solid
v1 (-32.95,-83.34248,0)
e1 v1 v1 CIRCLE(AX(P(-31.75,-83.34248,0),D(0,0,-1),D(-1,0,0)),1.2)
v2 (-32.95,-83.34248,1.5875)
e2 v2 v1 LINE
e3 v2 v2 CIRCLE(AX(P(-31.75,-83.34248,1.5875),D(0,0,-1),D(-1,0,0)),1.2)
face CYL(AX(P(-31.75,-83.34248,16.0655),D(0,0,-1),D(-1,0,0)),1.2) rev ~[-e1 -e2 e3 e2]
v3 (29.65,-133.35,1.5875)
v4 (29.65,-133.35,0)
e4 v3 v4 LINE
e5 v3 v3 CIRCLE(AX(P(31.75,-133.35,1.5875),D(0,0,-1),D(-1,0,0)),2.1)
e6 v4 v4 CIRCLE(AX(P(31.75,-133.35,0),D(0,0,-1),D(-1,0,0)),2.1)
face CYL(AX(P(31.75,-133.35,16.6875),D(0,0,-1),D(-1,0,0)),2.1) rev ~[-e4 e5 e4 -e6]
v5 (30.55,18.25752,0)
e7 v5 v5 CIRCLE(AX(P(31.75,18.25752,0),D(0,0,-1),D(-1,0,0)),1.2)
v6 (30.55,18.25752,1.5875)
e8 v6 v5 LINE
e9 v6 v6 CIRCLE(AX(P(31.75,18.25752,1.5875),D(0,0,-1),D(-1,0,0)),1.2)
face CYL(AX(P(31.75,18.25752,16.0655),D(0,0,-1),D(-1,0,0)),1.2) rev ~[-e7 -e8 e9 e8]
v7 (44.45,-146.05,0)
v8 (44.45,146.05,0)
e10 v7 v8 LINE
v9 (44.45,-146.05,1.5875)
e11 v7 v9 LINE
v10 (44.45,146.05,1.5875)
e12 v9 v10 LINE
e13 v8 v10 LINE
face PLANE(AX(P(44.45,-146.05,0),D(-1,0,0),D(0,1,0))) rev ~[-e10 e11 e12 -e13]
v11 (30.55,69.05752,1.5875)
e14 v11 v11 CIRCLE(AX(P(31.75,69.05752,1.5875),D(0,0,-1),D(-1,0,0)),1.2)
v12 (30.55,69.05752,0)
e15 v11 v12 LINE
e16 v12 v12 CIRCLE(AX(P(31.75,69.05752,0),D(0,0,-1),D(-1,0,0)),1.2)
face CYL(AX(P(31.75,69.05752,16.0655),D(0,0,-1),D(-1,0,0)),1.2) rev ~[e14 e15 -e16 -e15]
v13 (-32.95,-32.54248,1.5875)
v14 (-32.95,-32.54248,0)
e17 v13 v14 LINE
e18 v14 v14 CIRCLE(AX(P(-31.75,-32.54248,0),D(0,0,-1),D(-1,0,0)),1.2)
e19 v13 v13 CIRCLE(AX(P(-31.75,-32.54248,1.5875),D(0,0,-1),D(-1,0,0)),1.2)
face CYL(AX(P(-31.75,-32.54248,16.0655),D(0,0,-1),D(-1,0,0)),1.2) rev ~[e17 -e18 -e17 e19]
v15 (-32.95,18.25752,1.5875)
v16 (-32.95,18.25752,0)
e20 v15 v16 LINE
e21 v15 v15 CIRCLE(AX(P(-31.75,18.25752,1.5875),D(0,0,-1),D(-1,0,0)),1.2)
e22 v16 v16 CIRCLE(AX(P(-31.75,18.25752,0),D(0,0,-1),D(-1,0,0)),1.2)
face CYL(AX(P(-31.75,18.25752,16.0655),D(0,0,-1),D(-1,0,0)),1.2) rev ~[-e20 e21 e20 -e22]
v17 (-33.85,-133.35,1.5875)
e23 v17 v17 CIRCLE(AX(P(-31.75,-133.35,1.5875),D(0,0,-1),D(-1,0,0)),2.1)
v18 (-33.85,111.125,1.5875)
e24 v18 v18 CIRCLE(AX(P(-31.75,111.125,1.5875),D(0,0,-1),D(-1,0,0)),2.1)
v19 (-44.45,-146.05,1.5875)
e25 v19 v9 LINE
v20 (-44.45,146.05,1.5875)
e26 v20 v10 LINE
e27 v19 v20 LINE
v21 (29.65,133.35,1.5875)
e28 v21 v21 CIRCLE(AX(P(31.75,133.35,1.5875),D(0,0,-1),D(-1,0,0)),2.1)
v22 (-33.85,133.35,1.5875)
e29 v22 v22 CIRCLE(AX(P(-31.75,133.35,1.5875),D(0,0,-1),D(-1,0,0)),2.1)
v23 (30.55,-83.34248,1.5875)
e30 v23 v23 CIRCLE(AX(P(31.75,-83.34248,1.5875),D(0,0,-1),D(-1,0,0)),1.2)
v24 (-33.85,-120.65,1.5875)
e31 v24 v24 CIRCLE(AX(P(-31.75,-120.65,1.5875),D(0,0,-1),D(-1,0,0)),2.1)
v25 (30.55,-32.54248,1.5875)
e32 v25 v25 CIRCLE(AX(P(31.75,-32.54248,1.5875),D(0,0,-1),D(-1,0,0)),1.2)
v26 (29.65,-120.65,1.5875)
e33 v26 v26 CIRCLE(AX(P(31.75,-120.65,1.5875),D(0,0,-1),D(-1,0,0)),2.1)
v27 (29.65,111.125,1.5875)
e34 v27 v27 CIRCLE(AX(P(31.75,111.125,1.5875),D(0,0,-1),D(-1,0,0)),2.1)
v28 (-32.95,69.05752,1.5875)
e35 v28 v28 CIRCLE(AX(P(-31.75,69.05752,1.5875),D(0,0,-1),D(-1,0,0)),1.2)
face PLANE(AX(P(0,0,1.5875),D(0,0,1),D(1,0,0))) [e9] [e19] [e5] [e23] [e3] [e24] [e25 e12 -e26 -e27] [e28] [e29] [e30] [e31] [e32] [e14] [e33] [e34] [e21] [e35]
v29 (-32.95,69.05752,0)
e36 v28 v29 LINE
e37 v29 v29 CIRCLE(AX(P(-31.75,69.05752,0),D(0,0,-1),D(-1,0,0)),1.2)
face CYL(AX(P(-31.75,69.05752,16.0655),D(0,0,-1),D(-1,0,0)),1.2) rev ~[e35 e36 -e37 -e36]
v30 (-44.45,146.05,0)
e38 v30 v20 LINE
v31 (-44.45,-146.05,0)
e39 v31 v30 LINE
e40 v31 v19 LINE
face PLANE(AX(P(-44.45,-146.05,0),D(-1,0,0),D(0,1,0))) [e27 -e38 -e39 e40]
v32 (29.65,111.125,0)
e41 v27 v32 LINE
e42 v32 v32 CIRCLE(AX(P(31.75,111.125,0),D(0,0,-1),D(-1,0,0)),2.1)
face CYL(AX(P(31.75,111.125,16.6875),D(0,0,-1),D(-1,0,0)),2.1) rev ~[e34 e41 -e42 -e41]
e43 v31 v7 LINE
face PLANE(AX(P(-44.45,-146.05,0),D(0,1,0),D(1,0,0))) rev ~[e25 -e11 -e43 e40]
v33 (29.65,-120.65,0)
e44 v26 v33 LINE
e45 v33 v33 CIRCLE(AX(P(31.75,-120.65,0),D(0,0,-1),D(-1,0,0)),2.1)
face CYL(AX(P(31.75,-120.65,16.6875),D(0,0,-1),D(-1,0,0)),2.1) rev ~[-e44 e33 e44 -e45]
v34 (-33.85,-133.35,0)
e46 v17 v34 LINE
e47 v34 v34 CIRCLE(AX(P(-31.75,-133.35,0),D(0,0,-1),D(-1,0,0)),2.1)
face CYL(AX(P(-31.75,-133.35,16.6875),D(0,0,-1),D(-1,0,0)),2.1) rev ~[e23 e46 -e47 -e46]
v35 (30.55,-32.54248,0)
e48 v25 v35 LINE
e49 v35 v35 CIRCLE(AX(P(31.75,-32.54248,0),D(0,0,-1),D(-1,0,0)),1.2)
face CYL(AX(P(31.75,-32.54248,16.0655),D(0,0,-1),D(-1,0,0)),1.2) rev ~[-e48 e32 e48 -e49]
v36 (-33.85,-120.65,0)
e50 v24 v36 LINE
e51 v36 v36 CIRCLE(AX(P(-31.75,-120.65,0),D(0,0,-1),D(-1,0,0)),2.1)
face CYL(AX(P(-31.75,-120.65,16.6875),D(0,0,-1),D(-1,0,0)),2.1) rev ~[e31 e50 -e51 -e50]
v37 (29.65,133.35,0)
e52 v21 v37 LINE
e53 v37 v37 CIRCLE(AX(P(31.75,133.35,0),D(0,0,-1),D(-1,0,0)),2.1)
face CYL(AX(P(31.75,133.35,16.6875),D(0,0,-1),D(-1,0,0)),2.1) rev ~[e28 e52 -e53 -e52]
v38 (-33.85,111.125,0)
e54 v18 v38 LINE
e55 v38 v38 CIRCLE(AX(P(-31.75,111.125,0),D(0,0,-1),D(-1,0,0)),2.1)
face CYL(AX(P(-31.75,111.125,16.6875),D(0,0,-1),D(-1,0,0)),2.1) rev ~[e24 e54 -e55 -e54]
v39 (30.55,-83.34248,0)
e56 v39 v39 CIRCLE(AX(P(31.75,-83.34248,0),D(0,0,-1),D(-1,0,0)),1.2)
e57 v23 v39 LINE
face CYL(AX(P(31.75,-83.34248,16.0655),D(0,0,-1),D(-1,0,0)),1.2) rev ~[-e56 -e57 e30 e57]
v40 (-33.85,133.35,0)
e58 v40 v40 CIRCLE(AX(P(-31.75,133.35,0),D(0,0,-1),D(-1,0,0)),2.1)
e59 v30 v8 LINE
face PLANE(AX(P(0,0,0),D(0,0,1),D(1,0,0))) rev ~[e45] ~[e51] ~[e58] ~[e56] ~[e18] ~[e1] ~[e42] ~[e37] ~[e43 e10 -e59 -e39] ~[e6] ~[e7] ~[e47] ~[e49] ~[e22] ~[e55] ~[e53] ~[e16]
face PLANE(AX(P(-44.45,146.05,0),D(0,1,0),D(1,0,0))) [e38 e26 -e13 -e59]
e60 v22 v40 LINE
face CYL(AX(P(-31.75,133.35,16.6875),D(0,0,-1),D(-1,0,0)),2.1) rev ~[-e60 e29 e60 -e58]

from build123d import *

# Parameters (mm, degrees)
F0_W     = 88.9
F0_H     = 292.1
F1_DEPTH = 1.5875
F3_D     = 4.2
F3_DEPTH = 15.1
F3_TIP   = 1.2618073
F5_D     = 2.4
F5_DEPTH = 14.478
F5_TIP   = 0.7210327428


with BuildPart() as f1:
    # F0 (on Top) → F1 (new body)
    with BuildSketch(Plane.XY):
        Rectangle(F0_W, F0_H)
    extrude(amount=F1_DEPTH)

    # F3
    with Locations(Plane.XY.offset(1.5875)):
        with Locations((-31.75, 133.35), (-31.75, 111.125), (31.75, 111.125), (31.75, 133.35), (-31.75, -120.65), (-31.75, -133.35), (31.75, -133.35), (31.75, -120.65)):
            Hole(F3_D / 2, depth=F3_DEPTH)
            with Locations((0, 0, -(F3_DEPTH + F3_TIP / 2))):  # 118° drill point
                Cone(0, F3_D / 2, F3_TIP, mode=Mode.SUBTRACT)

    # F5
    with Locations(Plane.XY.offset(1.5875)):
        with Locations((-31.75, 69.05752), (31.75, 69.05752), (31.75, 18.25752), (-31.75, 18.25752), (-31.75, -32.54248), (31.75, -32.54248), (31.75, -83.34248), (-31.75, -83.34248)):
            Hole(F5_D / 2, depth=F5_DEPTH)
            with Locations((0, 0, -(F5_DEPTH + F5_TIP / 2))):  # 118° drill point
                Cone(0, F5_D / 2, F5_TIP, mode=Mode.SUBTRACT)


solid = f1.part
